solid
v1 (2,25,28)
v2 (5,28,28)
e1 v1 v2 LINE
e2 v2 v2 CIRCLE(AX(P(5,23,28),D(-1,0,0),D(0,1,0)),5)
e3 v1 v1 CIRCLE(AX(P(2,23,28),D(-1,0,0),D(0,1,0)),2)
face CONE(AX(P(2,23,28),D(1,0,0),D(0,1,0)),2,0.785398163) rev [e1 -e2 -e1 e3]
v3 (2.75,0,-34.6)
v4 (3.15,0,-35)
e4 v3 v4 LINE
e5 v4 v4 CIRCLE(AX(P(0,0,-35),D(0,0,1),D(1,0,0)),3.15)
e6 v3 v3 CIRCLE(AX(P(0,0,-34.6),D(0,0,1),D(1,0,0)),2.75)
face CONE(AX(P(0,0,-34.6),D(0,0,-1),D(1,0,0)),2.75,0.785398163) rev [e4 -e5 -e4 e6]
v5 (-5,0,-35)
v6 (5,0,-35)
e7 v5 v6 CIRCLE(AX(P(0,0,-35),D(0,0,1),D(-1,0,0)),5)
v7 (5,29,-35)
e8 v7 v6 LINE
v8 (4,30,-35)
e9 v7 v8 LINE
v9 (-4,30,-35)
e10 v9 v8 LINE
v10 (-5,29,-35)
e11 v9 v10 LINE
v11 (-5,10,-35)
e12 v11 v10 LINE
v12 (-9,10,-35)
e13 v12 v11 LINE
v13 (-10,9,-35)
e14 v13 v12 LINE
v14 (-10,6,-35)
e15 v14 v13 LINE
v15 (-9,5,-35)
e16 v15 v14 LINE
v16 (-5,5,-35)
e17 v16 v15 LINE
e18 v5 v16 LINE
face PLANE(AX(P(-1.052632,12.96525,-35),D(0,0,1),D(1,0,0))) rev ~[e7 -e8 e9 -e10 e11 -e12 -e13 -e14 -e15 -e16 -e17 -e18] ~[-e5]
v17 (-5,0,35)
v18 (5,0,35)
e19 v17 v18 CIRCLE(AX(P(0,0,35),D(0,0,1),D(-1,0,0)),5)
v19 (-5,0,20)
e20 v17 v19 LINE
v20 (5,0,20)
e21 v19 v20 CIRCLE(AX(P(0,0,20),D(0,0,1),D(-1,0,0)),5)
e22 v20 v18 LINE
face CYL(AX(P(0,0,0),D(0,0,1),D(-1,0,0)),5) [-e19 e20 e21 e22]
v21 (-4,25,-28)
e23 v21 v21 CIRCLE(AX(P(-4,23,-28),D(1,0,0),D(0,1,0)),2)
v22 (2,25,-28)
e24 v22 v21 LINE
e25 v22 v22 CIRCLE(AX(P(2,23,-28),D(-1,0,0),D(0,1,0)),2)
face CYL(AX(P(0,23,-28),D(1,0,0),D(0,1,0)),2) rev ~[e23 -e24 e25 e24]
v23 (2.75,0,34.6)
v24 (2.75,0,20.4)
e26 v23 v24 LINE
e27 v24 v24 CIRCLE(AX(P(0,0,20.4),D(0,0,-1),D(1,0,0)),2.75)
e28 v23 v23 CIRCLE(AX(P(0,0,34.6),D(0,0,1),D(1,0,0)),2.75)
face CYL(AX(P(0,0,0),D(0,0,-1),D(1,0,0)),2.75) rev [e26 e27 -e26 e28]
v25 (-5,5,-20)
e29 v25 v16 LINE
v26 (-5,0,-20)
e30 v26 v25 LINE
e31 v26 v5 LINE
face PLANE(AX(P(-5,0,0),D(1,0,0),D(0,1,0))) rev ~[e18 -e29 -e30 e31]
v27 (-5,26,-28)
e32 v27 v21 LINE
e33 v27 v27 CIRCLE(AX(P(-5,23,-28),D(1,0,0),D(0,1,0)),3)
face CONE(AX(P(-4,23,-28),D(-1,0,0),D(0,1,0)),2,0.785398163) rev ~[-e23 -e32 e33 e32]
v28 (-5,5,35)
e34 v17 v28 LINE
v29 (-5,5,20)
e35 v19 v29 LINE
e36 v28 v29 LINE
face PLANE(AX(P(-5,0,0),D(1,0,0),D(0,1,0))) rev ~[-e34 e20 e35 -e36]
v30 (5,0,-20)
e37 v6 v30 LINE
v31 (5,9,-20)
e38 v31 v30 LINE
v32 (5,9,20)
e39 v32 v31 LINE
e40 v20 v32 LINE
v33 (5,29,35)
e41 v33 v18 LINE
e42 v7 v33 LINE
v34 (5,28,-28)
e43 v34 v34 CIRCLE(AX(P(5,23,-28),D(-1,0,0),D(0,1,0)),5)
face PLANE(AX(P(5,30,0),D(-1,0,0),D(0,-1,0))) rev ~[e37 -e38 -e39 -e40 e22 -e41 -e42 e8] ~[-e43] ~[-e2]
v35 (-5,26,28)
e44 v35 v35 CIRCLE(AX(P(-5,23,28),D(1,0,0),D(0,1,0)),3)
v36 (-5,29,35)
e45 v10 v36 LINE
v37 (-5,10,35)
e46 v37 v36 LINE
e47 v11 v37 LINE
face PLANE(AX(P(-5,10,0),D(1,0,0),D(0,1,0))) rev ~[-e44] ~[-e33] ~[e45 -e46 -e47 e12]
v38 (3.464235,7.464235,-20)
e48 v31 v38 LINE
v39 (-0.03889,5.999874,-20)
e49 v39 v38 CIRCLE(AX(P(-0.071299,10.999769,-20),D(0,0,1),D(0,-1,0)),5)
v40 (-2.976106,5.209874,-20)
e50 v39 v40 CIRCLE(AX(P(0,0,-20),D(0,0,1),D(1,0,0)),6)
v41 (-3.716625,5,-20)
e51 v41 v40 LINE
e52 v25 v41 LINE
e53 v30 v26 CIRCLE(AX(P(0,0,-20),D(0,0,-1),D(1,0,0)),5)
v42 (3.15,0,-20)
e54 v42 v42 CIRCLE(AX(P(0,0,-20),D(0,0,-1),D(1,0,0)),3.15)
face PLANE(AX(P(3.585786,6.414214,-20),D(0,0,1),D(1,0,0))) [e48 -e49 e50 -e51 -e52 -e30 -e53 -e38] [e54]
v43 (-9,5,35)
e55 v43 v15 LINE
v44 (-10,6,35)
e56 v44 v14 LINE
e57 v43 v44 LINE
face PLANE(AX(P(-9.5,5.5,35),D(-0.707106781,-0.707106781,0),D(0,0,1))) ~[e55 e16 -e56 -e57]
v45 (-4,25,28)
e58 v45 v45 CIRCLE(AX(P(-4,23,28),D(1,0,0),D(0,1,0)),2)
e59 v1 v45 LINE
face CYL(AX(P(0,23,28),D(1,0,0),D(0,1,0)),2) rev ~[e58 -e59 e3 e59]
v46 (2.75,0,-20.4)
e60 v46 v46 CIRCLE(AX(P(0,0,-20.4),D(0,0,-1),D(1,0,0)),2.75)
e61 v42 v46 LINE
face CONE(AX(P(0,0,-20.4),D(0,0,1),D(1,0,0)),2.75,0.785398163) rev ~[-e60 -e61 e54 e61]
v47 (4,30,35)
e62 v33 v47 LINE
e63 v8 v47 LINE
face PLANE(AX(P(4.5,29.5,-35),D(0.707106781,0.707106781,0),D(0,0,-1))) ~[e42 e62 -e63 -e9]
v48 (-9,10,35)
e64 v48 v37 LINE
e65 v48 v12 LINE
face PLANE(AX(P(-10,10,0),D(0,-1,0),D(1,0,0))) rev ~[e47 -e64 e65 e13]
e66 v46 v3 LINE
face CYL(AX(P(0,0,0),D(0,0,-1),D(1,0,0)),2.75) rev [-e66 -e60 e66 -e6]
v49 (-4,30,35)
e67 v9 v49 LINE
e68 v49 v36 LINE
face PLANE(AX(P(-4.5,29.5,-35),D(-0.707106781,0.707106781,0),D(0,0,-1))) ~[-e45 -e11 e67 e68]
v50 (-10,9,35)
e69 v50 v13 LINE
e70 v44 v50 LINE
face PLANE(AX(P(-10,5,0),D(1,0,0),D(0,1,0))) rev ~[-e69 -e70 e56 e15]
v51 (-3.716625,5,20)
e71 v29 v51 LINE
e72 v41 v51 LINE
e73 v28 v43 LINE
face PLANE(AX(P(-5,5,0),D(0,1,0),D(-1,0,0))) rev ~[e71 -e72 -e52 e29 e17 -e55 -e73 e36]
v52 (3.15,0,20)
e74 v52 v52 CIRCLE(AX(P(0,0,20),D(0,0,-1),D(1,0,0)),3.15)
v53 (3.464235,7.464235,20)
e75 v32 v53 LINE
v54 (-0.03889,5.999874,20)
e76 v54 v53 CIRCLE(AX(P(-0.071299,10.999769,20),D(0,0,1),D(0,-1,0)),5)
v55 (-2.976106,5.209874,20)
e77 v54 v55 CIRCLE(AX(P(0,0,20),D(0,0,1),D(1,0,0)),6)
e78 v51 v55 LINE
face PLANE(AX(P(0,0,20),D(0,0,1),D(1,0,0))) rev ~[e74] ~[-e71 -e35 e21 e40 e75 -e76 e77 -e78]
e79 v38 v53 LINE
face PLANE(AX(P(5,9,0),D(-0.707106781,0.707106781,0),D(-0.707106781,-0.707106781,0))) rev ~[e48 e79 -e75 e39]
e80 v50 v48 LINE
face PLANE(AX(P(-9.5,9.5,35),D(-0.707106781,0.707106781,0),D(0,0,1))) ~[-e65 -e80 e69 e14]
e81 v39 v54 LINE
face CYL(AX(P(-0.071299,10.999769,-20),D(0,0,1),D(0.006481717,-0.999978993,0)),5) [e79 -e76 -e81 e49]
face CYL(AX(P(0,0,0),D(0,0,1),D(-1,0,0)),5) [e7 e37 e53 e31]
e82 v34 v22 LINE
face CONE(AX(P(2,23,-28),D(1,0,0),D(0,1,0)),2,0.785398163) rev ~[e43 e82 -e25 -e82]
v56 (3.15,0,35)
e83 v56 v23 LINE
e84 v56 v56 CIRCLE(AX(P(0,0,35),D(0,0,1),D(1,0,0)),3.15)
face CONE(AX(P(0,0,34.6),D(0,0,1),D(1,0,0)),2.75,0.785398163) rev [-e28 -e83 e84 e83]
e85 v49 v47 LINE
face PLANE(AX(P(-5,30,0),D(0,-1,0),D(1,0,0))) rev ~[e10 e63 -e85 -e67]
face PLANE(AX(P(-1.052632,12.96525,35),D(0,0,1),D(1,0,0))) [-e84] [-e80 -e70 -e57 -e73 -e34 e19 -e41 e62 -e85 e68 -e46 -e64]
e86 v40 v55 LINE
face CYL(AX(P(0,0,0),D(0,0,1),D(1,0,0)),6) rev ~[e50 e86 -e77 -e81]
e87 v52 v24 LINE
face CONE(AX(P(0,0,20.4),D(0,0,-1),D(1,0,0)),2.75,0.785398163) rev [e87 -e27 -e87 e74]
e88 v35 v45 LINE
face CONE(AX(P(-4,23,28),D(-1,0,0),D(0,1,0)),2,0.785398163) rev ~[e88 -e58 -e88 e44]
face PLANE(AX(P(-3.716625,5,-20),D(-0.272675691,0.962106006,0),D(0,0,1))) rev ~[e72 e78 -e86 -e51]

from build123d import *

# Parameters (mm, degrees)
SKETCH007_R          = 2.75
PAD004_DEPTH         = 35
SKETCH008_W          = 10
SKETCH008_H          = 10
POCKET003_DEPTH      = 20
SKETCH009_R          = 6
POCKET004_DEPTH      = 20
CHAMFER007_SIZE      = 0.4
CHAMFER008_SIZE      = 0.4
CHAMFER009_SIZE      = 1
SKETCH014_R          = 2
POCKET008_DEPTH      = 10.001
POCKET008_DEPTH_BACK = 5.001
CHAMFER014_SIZE      = 1
CHAMFER019_SIZE      = 3
POCKET011_DEPTH      = 20
FILLET007_R          = 5


with BuildPart() as part:
    # Sketch007 → Pad004 (new body, symmetric)
    with BuildSketch(Plane.XY):
        with BuildLine():
            ThreePointArc((-5, 0), (0, -5), (5, 0))
            Line((5, 30), (5, 0))
            Line((-5, 30), (5, 30))
            Line((-5, 10), (-5, 30))
            Line((-10, 10), (-5, 10))
            Line((-10, 5), (-10, 10))
            Line((-5, 5), (-10, 5))
            Line((-5, 0), (-5, 5))
        make_face()
        Circle(SKETCH007_R, mode=Mode.SUBTRACT)
    extrude(amount=PAD004_DEPTH, both=True)

    # Sketch008 → Pocket003 (cut, symmetric)
    with BuildSketch(Plane.XY):
        Rectangle(SKETCH008_W, SKETCH008_H)
    extrude(amount=POCKET003_DEPTH, both=True, mode=Mode.SUBTRACT)

    # Sketch009 → Pocket004 (cut, symmetric)
    with BuildSketch(Plane.XY):
        Circle(SKETCH009_R)
    extrude(amount=POCKET004_DEPTH, both=True, mode=Mode.SUBTRACT)

    # Chamfer007
    chamfer007_edges = [part.edges().sort_by_distance(p)[0] for p in [
        (-3.316625, 5, 0),
    ]]
    chamfer(chamfer007_edges, length=CHAMFER007_SIZE)

    # Chamfer008
    chamfer008_edges = [part.edges().sort_by_distance(p)[0] for p in [
        (-2.75, 0, 20),
        (-2.75, 0, -20),
        (-2.75, 0, -35),
        (-2.75, 0, 35),
    ]]
    chamfer(chamfer008_edges, length=CHAMFER008_SIZE)

    # Chamfer009
    chamfer009_edges = [part.edges().sort_by_distance(p)[0] for p in [
        (-10, 5, 0),
        (-10, 10, 0),
        (5, 30, 0),
        (-5, 30, 0),
    ]]
    chamfer(chamfer009_edges, length=CHAMFER009_SIZE)

    # Sketch014 → Pocket008 (cut, two sides)
    with BuildSketch(Plane.YZ) as pocket008_sk:
        with Locations((23, 28)):
            Circle(SKETCH014_R)
        with Locations((23, -28)):
            Circle(SKETCH014_R)
    extrude(amount=-POCKET008_DEPTH, mode=Mode.SUBTRACT)
    extrude(pocket008_sk.sketch, amount=POCKET008_DEPTH_BACK, mode=Mode.SUBTRACT)

    # Chamfer014
    chamfer014_edges = [part.edges().sort_by_distance(p)[0] for p in [
        (-5, 21, -28),
        (-5, 21, 28),
    ]]
    chamfer(chamfer014_edges, length=CHAMFER014_SIZE)

    # Chamfer019
    chamfer019_edges = [part.edges().sort_by_distance(p)[0] for p in [
        (5, 21, 28),
        (5, 21, -28),
    ]]
    chamfer(chamfer019_edges, length=CHAMFER019_SIZE)

    # Sketch018 → Pocket011 (cut, symmetric)
    with BuildSketch(Plane.XY):
        Polygon((5, 9), (1, 5), (5, 5), align=None)
    extrude(amount=POCKET011_DEPTH, both=True, mode=Mode.SUBTRACT)

    # Fillet007
    fillet007_edges = [part.edges().sort_by_distance(p)[0] for p in [
        (1.741657, 5.741657, 0),
    ]]
    fillet(fillet007_edges, radius=FILLET007_R)


solid = part.part
